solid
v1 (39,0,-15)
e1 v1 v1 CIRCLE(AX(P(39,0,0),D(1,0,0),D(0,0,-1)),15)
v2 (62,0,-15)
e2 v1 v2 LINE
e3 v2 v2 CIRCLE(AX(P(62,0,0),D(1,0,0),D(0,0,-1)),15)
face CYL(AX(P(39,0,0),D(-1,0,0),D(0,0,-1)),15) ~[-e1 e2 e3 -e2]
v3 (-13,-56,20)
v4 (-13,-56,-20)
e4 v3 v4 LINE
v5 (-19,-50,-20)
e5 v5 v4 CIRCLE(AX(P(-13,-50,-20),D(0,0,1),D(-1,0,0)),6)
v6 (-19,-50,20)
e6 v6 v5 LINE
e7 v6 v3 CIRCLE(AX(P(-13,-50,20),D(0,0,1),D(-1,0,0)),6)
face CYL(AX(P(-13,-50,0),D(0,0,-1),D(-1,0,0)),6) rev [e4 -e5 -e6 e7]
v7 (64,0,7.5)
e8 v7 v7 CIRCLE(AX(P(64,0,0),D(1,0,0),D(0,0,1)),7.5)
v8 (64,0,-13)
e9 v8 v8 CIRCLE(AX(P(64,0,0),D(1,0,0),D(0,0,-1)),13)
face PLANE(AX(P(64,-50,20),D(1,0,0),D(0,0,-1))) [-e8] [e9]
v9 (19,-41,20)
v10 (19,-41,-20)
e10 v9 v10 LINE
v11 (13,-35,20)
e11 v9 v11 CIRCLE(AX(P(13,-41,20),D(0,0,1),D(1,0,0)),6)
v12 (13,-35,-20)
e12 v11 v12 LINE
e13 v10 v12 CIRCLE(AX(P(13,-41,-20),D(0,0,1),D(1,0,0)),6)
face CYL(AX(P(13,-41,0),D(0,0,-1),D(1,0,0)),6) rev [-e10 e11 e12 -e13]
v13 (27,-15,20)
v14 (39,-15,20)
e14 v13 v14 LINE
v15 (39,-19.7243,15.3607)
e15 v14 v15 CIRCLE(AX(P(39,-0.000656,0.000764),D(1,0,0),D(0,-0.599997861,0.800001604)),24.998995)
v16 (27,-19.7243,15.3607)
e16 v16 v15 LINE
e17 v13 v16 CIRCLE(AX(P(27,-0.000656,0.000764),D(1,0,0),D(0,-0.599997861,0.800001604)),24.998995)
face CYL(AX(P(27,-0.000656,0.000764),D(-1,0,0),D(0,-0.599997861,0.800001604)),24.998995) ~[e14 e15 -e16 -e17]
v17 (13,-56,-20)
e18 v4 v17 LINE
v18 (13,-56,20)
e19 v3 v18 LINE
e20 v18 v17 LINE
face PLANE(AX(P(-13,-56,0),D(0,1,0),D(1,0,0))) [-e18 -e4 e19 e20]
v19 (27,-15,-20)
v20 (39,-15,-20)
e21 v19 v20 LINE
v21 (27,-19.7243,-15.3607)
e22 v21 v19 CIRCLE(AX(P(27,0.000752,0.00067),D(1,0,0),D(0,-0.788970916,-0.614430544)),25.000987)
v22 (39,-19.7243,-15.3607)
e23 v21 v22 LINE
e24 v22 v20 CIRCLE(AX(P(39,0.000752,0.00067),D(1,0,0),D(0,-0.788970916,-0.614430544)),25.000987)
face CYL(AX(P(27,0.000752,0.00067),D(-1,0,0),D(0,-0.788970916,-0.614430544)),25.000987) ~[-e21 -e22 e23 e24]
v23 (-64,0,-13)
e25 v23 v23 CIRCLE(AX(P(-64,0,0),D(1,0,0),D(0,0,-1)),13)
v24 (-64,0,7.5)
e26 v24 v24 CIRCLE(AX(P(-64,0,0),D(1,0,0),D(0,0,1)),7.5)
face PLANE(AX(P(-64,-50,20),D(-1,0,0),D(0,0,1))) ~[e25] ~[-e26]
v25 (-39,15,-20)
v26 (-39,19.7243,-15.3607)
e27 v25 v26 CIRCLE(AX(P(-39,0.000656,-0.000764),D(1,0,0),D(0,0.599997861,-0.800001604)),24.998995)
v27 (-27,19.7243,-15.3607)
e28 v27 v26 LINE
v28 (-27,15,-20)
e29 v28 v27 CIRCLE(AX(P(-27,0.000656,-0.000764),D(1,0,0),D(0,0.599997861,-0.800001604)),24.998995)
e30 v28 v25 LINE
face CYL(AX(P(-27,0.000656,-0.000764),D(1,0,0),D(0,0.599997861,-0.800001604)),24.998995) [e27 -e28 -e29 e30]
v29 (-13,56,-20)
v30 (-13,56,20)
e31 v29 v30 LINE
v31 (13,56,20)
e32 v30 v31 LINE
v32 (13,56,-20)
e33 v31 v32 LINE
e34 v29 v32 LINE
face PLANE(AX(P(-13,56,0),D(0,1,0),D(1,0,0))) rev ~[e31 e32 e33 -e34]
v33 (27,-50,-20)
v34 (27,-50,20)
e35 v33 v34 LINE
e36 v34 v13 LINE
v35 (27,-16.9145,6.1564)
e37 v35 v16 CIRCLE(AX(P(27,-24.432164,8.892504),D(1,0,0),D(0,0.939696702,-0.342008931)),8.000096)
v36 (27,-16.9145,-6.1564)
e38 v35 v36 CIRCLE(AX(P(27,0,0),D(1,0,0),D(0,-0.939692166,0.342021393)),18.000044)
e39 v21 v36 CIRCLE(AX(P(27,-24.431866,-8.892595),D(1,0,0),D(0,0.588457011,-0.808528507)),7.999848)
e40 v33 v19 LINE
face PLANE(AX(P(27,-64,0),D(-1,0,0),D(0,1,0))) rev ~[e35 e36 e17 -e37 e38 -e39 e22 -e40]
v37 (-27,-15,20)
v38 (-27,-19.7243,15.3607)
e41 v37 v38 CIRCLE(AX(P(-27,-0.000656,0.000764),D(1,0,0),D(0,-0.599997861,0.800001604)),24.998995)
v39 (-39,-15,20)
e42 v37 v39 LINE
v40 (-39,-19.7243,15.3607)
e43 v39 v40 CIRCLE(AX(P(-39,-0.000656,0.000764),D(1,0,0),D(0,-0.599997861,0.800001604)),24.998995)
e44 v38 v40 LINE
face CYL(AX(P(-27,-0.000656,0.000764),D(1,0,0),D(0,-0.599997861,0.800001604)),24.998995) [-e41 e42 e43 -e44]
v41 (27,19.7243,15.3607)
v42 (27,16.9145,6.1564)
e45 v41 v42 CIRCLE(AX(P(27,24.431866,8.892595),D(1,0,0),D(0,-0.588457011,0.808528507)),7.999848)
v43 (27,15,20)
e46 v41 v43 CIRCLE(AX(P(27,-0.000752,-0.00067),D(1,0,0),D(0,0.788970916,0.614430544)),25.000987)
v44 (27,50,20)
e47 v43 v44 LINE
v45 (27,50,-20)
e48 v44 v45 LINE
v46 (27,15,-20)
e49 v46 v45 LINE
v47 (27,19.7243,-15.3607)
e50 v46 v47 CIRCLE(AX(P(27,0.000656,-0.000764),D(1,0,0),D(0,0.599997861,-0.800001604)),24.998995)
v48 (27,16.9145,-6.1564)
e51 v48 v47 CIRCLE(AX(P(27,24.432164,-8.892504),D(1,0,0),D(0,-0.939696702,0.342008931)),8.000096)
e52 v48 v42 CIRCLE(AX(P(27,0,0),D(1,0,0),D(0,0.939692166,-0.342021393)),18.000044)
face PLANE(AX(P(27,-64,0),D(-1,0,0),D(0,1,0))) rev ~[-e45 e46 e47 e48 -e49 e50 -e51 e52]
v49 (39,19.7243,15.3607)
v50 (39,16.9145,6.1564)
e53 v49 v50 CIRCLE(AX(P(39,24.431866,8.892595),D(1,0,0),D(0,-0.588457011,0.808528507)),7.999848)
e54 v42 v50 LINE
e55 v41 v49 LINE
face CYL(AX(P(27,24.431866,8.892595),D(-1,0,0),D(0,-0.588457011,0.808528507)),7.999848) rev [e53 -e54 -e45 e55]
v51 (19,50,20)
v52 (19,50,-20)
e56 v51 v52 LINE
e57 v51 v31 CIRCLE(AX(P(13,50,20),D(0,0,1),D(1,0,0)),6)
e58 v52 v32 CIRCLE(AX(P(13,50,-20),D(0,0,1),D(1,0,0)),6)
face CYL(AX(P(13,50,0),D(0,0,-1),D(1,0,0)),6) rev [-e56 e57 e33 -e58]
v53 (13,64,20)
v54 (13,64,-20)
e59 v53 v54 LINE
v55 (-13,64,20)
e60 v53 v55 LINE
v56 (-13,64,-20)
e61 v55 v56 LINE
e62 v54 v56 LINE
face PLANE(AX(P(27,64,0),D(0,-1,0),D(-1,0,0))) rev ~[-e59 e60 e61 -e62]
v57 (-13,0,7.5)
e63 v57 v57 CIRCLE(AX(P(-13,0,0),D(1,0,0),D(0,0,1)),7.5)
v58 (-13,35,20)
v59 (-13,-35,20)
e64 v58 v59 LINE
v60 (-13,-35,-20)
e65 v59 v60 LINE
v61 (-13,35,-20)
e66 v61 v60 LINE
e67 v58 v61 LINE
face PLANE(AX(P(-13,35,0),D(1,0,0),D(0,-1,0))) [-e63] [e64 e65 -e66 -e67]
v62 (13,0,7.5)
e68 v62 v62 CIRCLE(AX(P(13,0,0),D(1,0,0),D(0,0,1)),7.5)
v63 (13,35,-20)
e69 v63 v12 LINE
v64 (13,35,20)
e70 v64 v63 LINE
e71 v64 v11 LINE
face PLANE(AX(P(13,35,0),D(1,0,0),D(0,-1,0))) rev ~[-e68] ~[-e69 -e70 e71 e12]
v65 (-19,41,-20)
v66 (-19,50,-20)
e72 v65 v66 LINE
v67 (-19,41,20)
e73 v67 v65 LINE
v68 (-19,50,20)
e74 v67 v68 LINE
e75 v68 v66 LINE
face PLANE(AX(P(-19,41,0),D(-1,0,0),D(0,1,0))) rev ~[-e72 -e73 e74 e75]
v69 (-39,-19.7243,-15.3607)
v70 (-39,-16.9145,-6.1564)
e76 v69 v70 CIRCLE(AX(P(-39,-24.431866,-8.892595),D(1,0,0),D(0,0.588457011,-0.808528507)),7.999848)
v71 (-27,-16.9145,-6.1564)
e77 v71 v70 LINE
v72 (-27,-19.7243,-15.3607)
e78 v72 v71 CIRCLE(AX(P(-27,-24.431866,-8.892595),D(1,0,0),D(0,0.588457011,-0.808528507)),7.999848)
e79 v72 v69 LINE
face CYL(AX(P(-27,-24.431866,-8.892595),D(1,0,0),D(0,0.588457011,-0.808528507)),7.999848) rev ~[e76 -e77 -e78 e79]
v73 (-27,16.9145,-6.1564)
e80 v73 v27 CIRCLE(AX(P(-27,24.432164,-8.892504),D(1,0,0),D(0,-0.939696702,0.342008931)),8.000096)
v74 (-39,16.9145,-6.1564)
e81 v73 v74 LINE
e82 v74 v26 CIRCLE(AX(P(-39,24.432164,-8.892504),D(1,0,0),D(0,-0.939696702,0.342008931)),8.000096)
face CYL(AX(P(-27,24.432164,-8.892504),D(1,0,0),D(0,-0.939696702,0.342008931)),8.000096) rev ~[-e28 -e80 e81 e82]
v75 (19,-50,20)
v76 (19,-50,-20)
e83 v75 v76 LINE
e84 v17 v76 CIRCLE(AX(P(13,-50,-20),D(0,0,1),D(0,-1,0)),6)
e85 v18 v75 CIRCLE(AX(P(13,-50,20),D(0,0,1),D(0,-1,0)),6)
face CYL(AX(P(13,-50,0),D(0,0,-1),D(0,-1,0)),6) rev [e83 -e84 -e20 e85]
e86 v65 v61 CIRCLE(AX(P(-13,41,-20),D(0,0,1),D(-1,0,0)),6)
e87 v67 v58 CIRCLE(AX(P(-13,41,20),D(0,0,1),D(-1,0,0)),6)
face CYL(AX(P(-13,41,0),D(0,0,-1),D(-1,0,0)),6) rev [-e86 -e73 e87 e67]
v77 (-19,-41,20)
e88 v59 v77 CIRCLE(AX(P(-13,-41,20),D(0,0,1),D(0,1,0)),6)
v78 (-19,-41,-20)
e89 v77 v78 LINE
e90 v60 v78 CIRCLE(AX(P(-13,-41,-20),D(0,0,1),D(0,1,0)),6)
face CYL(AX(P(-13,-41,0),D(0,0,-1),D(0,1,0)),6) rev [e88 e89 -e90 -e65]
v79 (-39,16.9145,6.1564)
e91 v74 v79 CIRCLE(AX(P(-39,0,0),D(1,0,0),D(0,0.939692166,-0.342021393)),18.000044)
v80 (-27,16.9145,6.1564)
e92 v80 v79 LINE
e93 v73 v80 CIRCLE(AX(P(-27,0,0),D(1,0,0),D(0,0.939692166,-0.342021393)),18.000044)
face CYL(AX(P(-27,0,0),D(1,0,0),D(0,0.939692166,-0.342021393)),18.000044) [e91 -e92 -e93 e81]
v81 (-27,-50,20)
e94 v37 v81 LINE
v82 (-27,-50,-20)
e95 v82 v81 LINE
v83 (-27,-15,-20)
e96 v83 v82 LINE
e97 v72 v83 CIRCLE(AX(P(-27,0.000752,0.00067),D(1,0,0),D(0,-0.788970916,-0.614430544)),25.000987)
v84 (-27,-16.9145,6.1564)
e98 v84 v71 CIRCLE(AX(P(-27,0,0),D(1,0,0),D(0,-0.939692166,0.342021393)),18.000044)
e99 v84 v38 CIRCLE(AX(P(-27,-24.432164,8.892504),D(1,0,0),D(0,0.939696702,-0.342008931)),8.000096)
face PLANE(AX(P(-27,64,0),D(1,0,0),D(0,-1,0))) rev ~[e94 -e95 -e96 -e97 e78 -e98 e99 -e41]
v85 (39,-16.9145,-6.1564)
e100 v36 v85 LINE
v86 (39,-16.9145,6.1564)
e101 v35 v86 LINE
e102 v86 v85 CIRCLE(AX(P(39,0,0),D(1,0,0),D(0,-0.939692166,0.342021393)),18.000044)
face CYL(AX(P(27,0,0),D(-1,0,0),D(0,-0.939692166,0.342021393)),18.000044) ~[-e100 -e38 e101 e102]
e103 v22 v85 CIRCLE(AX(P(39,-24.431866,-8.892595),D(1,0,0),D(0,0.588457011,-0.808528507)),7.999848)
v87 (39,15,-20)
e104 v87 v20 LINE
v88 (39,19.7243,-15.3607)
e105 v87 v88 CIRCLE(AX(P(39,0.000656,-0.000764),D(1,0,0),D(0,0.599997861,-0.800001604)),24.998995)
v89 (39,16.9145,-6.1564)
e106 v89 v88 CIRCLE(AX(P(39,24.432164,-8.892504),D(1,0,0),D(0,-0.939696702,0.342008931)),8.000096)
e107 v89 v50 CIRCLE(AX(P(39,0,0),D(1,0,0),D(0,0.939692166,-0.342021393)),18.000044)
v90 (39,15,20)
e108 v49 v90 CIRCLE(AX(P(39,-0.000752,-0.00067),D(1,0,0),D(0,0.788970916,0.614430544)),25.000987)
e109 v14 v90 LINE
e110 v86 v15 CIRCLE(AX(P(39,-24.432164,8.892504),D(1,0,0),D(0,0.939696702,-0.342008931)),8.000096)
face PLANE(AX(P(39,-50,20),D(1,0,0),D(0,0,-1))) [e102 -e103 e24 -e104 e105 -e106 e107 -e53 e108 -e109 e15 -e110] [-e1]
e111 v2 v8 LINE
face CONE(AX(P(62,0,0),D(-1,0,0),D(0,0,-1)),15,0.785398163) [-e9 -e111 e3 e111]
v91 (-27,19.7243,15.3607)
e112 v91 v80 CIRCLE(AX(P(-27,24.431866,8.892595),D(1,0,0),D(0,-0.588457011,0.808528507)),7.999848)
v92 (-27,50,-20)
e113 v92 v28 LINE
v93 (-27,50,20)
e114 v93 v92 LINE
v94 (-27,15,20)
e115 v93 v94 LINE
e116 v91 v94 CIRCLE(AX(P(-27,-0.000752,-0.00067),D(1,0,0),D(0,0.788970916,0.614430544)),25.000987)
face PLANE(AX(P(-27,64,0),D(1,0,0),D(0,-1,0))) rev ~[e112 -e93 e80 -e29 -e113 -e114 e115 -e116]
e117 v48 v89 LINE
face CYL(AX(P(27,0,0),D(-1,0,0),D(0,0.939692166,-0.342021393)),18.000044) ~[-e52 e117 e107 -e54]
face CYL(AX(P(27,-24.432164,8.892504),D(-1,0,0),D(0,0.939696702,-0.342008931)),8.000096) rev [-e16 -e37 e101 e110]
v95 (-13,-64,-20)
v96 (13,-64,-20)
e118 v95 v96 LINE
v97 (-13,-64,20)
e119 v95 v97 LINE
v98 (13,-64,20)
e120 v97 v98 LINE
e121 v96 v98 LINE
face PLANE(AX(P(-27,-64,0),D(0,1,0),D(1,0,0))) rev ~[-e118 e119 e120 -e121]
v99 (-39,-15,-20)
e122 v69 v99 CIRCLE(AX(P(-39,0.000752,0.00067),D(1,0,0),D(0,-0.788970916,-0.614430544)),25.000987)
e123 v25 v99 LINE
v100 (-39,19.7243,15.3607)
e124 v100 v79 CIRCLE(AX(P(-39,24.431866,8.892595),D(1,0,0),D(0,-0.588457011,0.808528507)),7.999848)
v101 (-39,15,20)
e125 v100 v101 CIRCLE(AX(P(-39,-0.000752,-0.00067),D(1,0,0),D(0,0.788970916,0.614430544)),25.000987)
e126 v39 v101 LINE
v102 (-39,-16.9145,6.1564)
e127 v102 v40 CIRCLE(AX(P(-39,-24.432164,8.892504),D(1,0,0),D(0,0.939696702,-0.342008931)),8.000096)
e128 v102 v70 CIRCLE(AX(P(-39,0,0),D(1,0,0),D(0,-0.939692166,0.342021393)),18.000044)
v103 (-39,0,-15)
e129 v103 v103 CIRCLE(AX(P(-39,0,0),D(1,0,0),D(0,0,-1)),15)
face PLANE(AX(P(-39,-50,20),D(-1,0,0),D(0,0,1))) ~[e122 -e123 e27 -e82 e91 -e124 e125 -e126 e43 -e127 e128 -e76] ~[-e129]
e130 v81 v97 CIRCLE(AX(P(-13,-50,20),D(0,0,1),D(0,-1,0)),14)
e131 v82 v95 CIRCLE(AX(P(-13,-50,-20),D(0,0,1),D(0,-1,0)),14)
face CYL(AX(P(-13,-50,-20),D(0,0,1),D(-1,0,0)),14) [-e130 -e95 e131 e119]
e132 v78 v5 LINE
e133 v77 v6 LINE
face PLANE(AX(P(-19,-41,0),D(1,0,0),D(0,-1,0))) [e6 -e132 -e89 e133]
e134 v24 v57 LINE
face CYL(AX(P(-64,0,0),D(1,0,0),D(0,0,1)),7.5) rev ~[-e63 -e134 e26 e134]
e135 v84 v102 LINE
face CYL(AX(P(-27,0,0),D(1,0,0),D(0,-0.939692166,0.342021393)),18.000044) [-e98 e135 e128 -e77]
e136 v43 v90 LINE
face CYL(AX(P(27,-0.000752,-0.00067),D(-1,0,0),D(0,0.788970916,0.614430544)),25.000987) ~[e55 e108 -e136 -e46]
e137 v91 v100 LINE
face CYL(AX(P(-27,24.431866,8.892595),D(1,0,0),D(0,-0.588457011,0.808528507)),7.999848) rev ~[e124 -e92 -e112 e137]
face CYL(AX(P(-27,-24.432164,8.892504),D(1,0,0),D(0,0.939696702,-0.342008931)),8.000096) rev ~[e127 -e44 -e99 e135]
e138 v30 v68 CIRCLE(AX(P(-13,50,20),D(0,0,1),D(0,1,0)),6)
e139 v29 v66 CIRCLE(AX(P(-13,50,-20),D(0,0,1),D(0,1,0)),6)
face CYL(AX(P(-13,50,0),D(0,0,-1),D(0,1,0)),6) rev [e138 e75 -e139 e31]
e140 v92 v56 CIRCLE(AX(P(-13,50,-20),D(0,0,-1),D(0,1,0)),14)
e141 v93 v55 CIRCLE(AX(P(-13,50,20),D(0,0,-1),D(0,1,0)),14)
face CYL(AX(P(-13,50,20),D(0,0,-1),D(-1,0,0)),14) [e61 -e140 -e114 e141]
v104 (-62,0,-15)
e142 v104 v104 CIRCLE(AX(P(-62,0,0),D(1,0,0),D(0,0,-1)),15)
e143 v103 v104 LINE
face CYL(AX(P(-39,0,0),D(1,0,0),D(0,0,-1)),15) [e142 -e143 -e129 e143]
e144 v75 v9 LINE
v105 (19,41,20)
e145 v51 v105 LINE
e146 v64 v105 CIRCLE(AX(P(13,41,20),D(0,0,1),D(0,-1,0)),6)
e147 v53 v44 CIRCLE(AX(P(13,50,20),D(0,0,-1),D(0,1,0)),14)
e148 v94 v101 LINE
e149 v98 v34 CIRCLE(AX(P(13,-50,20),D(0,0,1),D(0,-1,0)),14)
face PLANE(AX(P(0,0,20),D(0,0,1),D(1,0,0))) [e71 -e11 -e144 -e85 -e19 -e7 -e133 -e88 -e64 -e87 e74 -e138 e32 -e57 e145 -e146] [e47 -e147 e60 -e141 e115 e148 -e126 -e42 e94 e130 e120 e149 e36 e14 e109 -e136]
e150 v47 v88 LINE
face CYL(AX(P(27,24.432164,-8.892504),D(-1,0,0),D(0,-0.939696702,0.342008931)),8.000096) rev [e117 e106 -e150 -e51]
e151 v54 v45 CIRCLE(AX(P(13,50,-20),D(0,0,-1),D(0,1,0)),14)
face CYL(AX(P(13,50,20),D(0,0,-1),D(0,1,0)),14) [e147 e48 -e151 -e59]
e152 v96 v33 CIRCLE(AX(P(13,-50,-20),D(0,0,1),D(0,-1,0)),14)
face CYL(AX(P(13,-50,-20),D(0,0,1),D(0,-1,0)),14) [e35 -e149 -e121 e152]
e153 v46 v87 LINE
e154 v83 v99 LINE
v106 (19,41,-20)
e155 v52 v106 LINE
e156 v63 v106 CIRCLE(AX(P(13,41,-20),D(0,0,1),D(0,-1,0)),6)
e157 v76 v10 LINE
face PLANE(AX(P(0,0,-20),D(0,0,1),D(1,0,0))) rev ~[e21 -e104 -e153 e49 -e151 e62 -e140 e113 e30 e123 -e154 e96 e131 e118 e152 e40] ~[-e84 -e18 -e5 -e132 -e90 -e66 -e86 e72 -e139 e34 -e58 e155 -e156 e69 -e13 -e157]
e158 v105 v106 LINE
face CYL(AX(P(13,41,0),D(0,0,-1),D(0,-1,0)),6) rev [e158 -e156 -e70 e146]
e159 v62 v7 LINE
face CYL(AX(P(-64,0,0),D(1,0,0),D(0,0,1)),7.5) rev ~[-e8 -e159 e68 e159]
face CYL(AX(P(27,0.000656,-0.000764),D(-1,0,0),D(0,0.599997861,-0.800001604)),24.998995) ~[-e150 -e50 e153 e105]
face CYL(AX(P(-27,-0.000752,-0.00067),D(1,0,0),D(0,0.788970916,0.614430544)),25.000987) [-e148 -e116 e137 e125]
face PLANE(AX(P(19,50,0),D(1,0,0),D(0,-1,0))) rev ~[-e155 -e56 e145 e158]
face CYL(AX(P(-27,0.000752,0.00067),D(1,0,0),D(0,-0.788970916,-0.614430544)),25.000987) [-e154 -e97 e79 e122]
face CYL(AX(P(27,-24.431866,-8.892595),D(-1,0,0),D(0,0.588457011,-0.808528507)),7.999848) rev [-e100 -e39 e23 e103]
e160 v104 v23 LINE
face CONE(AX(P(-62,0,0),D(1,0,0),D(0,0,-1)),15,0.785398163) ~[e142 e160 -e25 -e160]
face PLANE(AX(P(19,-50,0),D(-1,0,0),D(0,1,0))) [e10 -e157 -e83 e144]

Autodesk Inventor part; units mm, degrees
ref_plane "YZ Plane" through (0, 0, 0) normal (1, 0, 0) x (0, 1, 0)
ref_plane "XZ Plane" through (0, 0, 0) normal (0, 1, 0) x (-1, 0, 0)
ref_plane "XY Plane" through (0, 0, 0) normal (0, 0, 1) x (1, 0, 0)
sketch "Sketch1" plane through (0, 0, 0) normal (0, 0, 1) x (1, 0, 0)
  line L0 (-27, -64) -> (27, -64)
  line L1 (27, -64) -> (27, 64)
  line L2 (27, 64) -> (-27, 64)
  line L3 (-27, 64) -> (-27, -64)
  line L4 (-27, -64) -> (27, 64) construction
  line L5 (27, -64) -> (-27, 64) construction
  line L6 (-13, 56) -> (13, 56)
  line L7 (19, 50) -> (19, 41)
  line L8 (13, 35) -> (13, 35)
  line L9 (-19, 41) -> (-19, 50)
  arc A0 (-13, 56) -> (-19, 50) centre (-13, 50) ccw
  arc A1 (19, 50) -> (13, 56) centre (13, 50) ccw
  arc A2 (13, 35) -> (19, 41) centre (13, 41) ccw
  arc A3 (-19, 41) -> (-13, 35) centre (-13, 41) ccw
  line L10 (-37.8, 0) -> (37.8, 0) construction
  line L11 (-27, 64) -> (27, -64) construction
  line L12 (-13, -56) -> (13, -56)
  line L13 (19, -50) -> (19, -41)
  line L14 (13, -35) -> (13, -35)
  line L15 (-19, -41) -> (-19, -50)
  arc A4 (-19, -50) -> (-13, -56) centre (-13, -50) ccw
  arc A5 (13, -56) -> (19, -50) centre (13, -50) ccw
  arc A6 (19, -41) -> (13, -35) centre (13, -41) ccw
  arc A7 (-13, -35) -> (-19, -41) centre (-13, -41) ccw
  line L16 (-13, 35) -> (-13, -35)
  line L17 (13, 35) -> (13, -35)
  line L18 (0, -89.6) -> (0, 89.6) construction
  line L19 (-13, 35) -> (-13, 35)
  line L20 (13, 35) -> (-13, 35) construction
  line L21 (-13, -35) -> (-13, -35)
  line L22 (13, -35) -> (-13, -35) construction
  point P0 (0, 0)
  point P1 (0, 56)
  point P2 (0, 0)
  point P3 (13, 35)
  point P4 (13, -35)
  point P5 (-13, -35)
  point P6 (-13, 35)
  dimension "d0" = 54
  dimension "d1" = 128
  dimension "d2" = 38
  dimension "d3" = 6
  dimension "d4" = 35
  dimension "d5" = 8
  dimension "d6" = 26
extrude "Extrusion1" add sketch "Sketch1" along normal mid plane 40
fillet "Fillet1" radius 14 4 edges at (27, -64, 0) (-27, -64, 0) (-27, 64, 0) (27, 64, 0)
sketch "Sketch2" plane through (27, -50, 20) normal (1, 0, 0) x (0, 0, -1)
  line L0 (0, 0) -> (0, 100) projected
  line L1 (40, 100) -> (40, 0) projected
  arc A0 (0, 35) -> (4.6393, 30.2757) centre (20, 50) ccw
  arc A1 (0, 65) -> (0, 35) centre (20, 50) ccw construction
  arc A2 (40, 65) -> (35.3607, 69.7243) centre (20, 50) ccw
  arc A3 (40, 35) -> (40, 65) centre (20, 50) ccw construction
  line L2 (0, 65) -> (0, 35)
  line L3 (0, 15) -> (0, 85) projected
  line L4 (40, 85) -> (40, 15) projected
  line L5 (40, 65) -> (40, 35)
  circle A4 centre (20, 50) radius 18 construction
  line L6 (11.1075, 74.432) -> (20, 50) construction
  line L7 (28.8925, 74.432) -> (20, 50) construction
  line L8 (20, -39.6) -> (20, 139.6) construction
  line L9 (11.1075, 74.432) -> (28.8925, 74.432) construction
  arc A5 (26.1564, 66.9145) -> (13.8436, 66.9145) centre (20, 50) ccw
  arc A6 (4.6393, 69.7243) -> (13.8436, 66.9145) centre (11.1075, 74.432) ccw
  arc A7 (19.1075, 74.432) -> (19.0885, 74.9834) centre (11.1075, 74.432) ccw construction
  arc A8 (20.9115, 74.9834) -> (20.8925, 74.432) centre (28.8925, 74.432) ccw construction
  arc A9 (26.1564, 66.9145) -> (35.3607, 69.7243) centre (28.8925, 74.432) ccw
  arc A10 (4.6393, 69.7243) -> (0, 65) centre (20, 50) ccw
  arc A11 (35.3607, 69.7243) -> (4.6393, 69.7243) centre (20, 50) ccw construction
  line L10 (55, 50) -> (-15, 50) construction
  circle A12 centre (20, 50) radius 18 construction
  line L11 (11.1075, 25.568) -> (20, 50) construction
  line L12 (28.8925, 25.568) -> (20, 50) construction
  line L13 (20, 139.6) -> (20, -39.6) construction
  arc A13 (13.8436, 33.0855) -> (26.1564, 33.0855) centre (20, 50) ccw
  arc A14 (13.8436, 33.0855) -> (4.6393, 30.2757) centre (11.1075, 25.568) ccw
  arc A15 (35.3607, 30.2757) -> (26.1564, 33.0855) centre (28.8925, 25.568) ccw
  arc A16 (4.6393, 30.2757) -> (35.3607, 30.2757) centre (20, 50) ccw construction
  arc A17 (35.3607, 30.2757) -> (40, 35) centre (20, 50) ccw
  point P0 (20, 74.432)
  dimension "d10" = 50
  dimension "d11" = 36
  dimension "d15" = 40
extrude "Extrusion2" add sketch "Sketch2" along normal blind 12
sketch "Sketch3" plane through (39, -50, 20) normal (1, 0, 0) x (0, 0, -1)
  arc A0 (40, 65) -> (35.3607, 69.7243) centre (20, 50) ccw projected
  circle A1 centre (20, 50) radius 15
  dimension "d18" = 30
extrude "Extrusion3" add sketch "Sketch3" along normal blind 25
chamfer "Chamfer1" distance 2 angle 45 1 edges at (64, 0, 15)
mirror "Mirror1" about plane through (0, 0, 0) normal (1, 0, 0) of "Extrusion2", "Extrusion3", "Chamfer1"
sketch "Sketch4" plane through (-64, 0, 0) normal (-1, 0, 0) x (0, 0, 1)
  circle A0 centre (0, 0) radius 13 projected
  point P0 (0, 0)
hole "Hole1" at (-64, 0, 0) direction (1, 0, 0) diameter 15 end through all
properties part number "Part036.Connecting cross" material "Steel, Carbon"
